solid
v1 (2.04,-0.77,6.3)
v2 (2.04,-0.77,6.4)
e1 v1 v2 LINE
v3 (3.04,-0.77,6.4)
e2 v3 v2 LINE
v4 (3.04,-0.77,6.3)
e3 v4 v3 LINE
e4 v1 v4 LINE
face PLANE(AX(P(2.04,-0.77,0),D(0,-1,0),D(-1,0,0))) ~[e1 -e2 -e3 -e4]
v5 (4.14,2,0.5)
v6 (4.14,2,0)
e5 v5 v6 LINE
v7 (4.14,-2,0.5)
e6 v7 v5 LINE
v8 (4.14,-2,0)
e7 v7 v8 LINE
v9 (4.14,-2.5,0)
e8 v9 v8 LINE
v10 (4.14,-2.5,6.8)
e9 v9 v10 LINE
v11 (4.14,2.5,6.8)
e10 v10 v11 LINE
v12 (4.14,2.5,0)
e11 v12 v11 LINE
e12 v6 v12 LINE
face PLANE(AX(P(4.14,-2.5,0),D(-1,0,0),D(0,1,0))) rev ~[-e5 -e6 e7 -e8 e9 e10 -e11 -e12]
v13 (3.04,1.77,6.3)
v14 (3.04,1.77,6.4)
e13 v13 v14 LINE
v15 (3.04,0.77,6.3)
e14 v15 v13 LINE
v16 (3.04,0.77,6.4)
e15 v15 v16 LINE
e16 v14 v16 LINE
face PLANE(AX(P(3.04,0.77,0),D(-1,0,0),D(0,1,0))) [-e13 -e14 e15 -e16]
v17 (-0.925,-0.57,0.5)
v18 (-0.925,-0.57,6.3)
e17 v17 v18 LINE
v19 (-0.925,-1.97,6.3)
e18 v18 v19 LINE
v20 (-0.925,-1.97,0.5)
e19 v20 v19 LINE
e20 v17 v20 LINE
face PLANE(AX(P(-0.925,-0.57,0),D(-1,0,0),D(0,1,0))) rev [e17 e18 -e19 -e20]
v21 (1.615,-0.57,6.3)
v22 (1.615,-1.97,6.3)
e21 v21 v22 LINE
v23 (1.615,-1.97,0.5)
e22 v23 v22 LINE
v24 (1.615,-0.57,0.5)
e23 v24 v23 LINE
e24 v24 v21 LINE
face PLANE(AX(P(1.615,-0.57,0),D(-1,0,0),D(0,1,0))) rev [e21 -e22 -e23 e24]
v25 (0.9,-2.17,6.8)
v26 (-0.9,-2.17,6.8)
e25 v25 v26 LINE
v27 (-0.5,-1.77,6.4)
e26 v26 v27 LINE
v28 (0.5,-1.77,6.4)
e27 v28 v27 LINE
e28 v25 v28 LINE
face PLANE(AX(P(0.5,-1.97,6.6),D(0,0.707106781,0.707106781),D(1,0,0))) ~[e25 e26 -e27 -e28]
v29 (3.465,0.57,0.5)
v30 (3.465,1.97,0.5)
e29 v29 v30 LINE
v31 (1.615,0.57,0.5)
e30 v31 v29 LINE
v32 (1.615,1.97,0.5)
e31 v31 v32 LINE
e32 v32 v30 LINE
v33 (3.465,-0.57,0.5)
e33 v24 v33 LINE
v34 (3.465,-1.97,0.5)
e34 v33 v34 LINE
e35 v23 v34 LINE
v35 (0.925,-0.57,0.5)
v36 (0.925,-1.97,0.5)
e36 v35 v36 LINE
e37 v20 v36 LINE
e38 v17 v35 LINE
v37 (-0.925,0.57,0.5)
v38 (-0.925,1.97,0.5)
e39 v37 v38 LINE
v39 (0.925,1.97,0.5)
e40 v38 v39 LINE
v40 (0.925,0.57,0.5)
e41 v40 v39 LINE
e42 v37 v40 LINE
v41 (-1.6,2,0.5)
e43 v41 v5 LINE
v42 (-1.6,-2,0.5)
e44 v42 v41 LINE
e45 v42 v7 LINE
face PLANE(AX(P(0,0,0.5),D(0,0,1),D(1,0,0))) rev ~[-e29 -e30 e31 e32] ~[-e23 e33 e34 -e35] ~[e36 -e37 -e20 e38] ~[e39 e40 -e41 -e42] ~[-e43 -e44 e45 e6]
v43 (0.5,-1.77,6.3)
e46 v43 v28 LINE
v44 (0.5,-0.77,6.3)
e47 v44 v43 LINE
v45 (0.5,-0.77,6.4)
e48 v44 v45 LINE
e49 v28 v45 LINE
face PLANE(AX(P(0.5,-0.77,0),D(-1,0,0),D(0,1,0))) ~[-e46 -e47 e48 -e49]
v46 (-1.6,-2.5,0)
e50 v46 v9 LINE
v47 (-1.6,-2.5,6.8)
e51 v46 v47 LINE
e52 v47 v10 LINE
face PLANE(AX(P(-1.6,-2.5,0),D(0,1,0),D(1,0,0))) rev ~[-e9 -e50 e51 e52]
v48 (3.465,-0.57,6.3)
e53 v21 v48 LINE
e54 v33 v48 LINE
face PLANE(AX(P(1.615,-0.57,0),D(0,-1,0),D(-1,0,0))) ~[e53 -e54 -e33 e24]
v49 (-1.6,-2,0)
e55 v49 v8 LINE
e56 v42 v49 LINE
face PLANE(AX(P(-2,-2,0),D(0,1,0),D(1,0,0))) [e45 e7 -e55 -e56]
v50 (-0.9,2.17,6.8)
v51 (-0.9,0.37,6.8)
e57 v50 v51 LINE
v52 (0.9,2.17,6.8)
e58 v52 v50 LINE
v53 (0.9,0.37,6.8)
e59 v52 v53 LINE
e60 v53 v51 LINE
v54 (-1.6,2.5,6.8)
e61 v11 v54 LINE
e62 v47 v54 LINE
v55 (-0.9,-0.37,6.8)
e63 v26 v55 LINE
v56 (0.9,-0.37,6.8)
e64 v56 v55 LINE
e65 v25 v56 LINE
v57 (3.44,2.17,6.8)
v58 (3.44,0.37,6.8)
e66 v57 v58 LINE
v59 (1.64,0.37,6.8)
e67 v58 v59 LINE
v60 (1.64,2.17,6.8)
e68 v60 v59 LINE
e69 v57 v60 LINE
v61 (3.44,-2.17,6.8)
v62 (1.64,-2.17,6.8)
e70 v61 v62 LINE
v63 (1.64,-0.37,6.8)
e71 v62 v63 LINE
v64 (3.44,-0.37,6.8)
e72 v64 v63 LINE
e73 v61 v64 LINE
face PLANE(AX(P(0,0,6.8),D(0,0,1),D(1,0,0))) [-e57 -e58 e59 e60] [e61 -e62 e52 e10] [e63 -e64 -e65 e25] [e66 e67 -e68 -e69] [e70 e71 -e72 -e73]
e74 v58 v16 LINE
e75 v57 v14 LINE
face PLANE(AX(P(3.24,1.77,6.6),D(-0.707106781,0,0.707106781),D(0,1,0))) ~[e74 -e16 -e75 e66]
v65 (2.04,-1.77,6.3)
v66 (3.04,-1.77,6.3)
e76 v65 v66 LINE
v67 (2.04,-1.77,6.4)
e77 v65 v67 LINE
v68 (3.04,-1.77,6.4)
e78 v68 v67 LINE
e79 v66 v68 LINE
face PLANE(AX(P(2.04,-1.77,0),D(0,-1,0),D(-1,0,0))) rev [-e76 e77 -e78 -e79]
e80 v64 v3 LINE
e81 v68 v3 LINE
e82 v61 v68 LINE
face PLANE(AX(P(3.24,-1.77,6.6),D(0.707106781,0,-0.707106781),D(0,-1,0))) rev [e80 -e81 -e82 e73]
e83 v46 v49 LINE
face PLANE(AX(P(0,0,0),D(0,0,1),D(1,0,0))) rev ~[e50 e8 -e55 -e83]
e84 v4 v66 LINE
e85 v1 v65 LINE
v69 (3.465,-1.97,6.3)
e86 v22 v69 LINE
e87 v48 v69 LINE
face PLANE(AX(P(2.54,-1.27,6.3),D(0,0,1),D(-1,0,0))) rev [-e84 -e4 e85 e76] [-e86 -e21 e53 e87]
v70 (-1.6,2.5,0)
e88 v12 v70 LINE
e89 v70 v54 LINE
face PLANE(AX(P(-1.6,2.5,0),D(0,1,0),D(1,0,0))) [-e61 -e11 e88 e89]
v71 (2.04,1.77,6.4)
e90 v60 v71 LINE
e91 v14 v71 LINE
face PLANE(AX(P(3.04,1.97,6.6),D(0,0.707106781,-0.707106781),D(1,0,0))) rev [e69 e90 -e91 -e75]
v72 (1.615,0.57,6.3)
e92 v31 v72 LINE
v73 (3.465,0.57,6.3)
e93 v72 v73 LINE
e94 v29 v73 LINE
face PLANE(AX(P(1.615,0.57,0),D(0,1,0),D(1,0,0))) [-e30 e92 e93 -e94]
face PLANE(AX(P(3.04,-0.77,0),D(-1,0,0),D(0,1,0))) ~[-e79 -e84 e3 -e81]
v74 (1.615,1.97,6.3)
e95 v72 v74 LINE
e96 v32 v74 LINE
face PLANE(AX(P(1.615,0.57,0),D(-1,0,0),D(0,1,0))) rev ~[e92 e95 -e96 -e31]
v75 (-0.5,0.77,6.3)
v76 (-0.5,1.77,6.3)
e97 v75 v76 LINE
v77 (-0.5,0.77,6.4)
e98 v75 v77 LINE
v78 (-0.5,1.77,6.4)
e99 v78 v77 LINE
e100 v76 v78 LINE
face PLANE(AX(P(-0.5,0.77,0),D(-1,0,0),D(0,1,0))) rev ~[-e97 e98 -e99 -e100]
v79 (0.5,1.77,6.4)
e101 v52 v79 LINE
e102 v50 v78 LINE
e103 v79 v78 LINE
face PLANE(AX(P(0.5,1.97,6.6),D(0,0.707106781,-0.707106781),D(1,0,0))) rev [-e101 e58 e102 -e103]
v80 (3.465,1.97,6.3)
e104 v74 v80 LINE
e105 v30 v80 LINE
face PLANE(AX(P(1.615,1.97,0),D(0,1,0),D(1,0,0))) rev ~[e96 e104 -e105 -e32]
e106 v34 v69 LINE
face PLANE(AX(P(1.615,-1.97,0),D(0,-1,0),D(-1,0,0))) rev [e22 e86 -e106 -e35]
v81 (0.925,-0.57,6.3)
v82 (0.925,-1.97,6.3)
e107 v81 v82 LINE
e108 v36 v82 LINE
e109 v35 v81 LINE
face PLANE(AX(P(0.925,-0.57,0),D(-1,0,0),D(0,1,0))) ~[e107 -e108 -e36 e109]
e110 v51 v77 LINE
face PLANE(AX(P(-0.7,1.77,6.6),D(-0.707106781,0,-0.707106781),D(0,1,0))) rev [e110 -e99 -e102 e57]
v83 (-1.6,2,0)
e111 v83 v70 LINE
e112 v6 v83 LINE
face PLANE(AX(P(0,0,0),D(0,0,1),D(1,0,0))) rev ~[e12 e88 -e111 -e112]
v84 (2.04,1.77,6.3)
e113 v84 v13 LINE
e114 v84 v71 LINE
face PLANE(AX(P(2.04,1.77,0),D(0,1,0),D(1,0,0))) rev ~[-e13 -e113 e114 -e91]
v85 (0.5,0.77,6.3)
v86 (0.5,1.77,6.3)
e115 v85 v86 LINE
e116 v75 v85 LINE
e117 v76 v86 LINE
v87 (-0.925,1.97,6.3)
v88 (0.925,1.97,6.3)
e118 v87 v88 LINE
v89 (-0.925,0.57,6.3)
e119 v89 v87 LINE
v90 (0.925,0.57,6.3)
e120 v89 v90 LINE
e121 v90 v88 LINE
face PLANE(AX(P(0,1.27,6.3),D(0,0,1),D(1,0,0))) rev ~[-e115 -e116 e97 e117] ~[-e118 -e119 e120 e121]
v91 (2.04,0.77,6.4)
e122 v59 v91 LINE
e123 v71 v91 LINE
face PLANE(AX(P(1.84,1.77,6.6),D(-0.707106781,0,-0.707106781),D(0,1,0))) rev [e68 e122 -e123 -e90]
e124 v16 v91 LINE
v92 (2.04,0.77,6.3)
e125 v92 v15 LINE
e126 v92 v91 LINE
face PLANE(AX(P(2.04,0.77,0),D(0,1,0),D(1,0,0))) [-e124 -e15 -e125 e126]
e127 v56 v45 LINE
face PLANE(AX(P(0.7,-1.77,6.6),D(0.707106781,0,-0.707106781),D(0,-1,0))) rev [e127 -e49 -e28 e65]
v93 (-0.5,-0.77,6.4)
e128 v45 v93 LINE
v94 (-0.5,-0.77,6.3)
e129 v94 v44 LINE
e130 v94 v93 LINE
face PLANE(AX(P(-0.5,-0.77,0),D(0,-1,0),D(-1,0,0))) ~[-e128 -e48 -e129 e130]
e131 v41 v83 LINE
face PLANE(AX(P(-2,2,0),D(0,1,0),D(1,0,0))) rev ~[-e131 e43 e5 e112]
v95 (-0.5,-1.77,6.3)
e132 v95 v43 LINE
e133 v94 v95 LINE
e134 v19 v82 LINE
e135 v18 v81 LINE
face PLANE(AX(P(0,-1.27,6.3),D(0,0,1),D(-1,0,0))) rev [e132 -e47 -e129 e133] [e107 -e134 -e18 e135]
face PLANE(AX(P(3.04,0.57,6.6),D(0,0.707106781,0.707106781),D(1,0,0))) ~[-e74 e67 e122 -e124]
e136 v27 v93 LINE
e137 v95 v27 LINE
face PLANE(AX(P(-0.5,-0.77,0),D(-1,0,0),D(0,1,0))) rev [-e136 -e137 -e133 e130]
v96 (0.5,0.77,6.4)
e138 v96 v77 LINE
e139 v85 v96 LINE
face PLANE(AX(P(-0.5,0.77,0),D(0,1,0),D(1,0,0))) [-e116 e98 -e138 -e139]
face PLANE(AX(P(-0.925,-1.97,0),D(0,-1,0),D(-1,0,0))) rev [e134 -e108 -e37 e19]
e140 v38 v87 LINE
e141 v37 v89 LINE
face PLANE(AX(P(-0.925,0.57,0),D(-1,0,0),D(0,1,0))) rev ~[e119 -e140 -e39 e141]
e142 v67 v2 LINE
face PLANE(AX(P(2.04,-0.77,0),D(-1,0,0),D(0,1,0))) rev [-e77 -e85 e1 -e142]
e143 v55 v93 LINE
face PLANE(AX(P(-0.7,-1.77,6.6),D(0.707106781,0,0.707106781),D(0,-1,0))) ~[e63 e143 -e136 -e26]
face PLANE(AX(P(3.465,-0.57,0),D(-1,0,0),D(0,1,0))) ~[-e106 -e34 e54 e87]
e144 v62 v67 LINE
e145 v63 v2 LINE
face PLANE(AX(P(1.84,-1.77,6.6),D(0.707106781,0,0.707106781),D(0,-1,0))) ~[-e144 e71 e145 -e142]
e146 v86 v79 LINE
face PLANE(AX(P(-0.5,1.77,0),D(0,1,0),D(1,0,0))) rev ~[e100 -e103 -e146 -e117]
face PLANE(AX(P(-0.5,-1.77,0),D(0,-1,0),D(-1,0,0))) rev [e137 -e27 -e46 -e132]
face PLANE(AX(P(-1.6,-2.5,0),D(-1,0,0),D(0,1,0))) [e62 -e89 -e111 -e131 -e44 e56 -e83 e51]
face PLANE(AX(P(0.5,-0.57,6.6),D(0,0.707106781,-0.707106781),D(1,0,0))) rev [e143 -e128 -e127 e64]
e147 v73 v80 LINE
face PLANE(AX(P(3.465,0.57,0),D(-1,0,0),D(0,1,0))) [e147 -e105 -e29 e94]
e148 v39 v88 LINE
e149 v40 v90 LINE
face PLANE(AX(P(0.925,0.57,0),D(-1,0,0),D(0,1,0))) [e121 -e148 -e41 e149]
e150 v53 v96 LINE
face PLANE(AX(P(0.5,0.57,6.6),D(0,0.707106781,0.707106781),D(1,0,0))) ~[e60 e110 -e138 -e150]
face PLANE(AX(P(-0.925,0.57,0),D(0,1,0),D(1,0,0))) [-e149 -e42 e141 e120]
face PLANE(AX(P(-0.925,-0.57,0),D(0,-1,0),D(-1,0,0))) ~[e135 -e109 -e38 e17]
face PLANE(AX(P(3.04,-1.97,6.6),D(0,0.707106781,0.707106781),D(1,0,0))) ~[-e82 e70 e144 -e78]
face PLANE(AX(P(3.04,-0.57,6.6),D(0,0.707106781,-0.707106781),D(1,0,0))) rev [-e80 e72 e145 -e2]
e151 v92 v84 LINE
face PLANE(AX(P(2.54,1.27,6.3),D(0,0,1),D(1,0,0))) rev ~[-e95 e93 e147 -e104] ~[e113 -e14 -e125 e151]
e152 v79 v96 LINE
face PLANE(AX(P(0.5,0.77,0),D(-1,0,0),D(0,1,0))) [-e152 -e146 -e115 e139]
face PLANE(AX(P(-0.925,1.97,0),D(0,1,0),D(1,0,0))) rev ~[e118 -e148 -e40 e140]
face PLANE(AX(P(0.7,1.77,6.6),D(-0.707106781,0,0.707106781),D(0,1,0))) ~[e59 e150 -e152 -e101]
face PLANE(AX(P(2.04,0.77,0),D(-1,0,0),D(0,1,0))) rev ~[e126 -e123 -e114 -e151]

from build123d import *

# Parameters (mm, degrees)
SKETCH006_W      = 1.85
SKETCH006_H      = 1.4
EXTRUDE006_DEPTH = 6.3
SKETCH007_W      = 1
SKETCH007_H      = 1
EXTRUDE007_DEPTH = 9
SKETCH010_W      = 4
SKETCH010_H      = 4
EXTRUDE010_DEPTH = 0.5
SKETCH011_W      = 3.2
SKETCH011_H      = 5
EXTRUDE011_DEPTH = 6.8
CHAMFER002_SIZE  = 0.4
ARRAY004_X_COUNT = 2
ARRAY004_X_PITCH = 2.54


with BuildPart() as extrude006:
    # Sketch006 → Extrude006 (new body)
    with BuildSketch(Plane.XY):
        Rectangle(SKETCH006_W, SKETCH006_H)
    extrude(amount=EXTRUDE006_DEPTH)


with BuildPart() as fusion004:
    # Sketch007 → Extrude007 (new body)
    with BuildSketch(Plane.XY):
        Rectangle(SKETCH007_W, SKETCH007_H)
    extrude(amount=EXTRUDE007_DEPTH)

    # Fusion004: union Extrude006
    add(extrude006.part)


with BuildPart() as fusion004_1:
    # Fusion004 placement: moved
    add(fusion004.part.moved(Location((0, 1.27, 0))))


with BuildPart() as extrude010:
    # Sketch010 → Extrude010 (new body)
    with BuildSketch(Plane.XY):
        Rectangle(SKETCH010_W, SKETCH010_H)
    extrude(amount=EXTRUDE010_DEPTH)


with BuildPart() as fusion005:
    # Part__Mirroring002: instance of Fusion004
    add(fusion004_1.part.mirror(Plane(origin=(0, 0, 0), x_dir=(1, 0, 0), z_dir=(0, 1, 0))))

    # Fusion005: union Fusion004, Extrude010
    add(fusion004_1.part)
    add(extrude010.part)


with BuildPart() as body002:
    # Sketch011 → Extrude011 (new body)
    with BuildSketch(Plane.XY):
        Rectangle(SKETCH011_W, SKETCH011_H)
    extrude(amount=EXTRUDE011_DEPTH)

    # Cut: cut Fusion005
    add(fusion005.part, mode=Mode.SUBTRACT)

    # Chamfer002
    chamfer002_edges = [body002.edges().sort_by_distance(p)[0] for p in [
        (0, -0.77, 6.8),
        (-0.5, -1.27, 6.8),
        (0, -1.77, 6.8),
        (0.5, -1.27, 6.8),
        (0.5, 1.27, 6.8),
        (0, 1.77, 6.8),
        (-0.5, 1.27, 6.8),
        (0, 0.77, 6.8),
    ]]
    chamfer(chamfer002_edges, length=CHAMFER002_SIZE)

    # Array004 X: body002 ×2


with BuildPart() as body002_1:
    add(body002.part)
    with Locations(*[(i * ARRAY004_X_PITCH, 0, 0) for i in range(1, ARRAY004_X_COUNT)]):
        add(body002.part)


solid = body002_1.part
